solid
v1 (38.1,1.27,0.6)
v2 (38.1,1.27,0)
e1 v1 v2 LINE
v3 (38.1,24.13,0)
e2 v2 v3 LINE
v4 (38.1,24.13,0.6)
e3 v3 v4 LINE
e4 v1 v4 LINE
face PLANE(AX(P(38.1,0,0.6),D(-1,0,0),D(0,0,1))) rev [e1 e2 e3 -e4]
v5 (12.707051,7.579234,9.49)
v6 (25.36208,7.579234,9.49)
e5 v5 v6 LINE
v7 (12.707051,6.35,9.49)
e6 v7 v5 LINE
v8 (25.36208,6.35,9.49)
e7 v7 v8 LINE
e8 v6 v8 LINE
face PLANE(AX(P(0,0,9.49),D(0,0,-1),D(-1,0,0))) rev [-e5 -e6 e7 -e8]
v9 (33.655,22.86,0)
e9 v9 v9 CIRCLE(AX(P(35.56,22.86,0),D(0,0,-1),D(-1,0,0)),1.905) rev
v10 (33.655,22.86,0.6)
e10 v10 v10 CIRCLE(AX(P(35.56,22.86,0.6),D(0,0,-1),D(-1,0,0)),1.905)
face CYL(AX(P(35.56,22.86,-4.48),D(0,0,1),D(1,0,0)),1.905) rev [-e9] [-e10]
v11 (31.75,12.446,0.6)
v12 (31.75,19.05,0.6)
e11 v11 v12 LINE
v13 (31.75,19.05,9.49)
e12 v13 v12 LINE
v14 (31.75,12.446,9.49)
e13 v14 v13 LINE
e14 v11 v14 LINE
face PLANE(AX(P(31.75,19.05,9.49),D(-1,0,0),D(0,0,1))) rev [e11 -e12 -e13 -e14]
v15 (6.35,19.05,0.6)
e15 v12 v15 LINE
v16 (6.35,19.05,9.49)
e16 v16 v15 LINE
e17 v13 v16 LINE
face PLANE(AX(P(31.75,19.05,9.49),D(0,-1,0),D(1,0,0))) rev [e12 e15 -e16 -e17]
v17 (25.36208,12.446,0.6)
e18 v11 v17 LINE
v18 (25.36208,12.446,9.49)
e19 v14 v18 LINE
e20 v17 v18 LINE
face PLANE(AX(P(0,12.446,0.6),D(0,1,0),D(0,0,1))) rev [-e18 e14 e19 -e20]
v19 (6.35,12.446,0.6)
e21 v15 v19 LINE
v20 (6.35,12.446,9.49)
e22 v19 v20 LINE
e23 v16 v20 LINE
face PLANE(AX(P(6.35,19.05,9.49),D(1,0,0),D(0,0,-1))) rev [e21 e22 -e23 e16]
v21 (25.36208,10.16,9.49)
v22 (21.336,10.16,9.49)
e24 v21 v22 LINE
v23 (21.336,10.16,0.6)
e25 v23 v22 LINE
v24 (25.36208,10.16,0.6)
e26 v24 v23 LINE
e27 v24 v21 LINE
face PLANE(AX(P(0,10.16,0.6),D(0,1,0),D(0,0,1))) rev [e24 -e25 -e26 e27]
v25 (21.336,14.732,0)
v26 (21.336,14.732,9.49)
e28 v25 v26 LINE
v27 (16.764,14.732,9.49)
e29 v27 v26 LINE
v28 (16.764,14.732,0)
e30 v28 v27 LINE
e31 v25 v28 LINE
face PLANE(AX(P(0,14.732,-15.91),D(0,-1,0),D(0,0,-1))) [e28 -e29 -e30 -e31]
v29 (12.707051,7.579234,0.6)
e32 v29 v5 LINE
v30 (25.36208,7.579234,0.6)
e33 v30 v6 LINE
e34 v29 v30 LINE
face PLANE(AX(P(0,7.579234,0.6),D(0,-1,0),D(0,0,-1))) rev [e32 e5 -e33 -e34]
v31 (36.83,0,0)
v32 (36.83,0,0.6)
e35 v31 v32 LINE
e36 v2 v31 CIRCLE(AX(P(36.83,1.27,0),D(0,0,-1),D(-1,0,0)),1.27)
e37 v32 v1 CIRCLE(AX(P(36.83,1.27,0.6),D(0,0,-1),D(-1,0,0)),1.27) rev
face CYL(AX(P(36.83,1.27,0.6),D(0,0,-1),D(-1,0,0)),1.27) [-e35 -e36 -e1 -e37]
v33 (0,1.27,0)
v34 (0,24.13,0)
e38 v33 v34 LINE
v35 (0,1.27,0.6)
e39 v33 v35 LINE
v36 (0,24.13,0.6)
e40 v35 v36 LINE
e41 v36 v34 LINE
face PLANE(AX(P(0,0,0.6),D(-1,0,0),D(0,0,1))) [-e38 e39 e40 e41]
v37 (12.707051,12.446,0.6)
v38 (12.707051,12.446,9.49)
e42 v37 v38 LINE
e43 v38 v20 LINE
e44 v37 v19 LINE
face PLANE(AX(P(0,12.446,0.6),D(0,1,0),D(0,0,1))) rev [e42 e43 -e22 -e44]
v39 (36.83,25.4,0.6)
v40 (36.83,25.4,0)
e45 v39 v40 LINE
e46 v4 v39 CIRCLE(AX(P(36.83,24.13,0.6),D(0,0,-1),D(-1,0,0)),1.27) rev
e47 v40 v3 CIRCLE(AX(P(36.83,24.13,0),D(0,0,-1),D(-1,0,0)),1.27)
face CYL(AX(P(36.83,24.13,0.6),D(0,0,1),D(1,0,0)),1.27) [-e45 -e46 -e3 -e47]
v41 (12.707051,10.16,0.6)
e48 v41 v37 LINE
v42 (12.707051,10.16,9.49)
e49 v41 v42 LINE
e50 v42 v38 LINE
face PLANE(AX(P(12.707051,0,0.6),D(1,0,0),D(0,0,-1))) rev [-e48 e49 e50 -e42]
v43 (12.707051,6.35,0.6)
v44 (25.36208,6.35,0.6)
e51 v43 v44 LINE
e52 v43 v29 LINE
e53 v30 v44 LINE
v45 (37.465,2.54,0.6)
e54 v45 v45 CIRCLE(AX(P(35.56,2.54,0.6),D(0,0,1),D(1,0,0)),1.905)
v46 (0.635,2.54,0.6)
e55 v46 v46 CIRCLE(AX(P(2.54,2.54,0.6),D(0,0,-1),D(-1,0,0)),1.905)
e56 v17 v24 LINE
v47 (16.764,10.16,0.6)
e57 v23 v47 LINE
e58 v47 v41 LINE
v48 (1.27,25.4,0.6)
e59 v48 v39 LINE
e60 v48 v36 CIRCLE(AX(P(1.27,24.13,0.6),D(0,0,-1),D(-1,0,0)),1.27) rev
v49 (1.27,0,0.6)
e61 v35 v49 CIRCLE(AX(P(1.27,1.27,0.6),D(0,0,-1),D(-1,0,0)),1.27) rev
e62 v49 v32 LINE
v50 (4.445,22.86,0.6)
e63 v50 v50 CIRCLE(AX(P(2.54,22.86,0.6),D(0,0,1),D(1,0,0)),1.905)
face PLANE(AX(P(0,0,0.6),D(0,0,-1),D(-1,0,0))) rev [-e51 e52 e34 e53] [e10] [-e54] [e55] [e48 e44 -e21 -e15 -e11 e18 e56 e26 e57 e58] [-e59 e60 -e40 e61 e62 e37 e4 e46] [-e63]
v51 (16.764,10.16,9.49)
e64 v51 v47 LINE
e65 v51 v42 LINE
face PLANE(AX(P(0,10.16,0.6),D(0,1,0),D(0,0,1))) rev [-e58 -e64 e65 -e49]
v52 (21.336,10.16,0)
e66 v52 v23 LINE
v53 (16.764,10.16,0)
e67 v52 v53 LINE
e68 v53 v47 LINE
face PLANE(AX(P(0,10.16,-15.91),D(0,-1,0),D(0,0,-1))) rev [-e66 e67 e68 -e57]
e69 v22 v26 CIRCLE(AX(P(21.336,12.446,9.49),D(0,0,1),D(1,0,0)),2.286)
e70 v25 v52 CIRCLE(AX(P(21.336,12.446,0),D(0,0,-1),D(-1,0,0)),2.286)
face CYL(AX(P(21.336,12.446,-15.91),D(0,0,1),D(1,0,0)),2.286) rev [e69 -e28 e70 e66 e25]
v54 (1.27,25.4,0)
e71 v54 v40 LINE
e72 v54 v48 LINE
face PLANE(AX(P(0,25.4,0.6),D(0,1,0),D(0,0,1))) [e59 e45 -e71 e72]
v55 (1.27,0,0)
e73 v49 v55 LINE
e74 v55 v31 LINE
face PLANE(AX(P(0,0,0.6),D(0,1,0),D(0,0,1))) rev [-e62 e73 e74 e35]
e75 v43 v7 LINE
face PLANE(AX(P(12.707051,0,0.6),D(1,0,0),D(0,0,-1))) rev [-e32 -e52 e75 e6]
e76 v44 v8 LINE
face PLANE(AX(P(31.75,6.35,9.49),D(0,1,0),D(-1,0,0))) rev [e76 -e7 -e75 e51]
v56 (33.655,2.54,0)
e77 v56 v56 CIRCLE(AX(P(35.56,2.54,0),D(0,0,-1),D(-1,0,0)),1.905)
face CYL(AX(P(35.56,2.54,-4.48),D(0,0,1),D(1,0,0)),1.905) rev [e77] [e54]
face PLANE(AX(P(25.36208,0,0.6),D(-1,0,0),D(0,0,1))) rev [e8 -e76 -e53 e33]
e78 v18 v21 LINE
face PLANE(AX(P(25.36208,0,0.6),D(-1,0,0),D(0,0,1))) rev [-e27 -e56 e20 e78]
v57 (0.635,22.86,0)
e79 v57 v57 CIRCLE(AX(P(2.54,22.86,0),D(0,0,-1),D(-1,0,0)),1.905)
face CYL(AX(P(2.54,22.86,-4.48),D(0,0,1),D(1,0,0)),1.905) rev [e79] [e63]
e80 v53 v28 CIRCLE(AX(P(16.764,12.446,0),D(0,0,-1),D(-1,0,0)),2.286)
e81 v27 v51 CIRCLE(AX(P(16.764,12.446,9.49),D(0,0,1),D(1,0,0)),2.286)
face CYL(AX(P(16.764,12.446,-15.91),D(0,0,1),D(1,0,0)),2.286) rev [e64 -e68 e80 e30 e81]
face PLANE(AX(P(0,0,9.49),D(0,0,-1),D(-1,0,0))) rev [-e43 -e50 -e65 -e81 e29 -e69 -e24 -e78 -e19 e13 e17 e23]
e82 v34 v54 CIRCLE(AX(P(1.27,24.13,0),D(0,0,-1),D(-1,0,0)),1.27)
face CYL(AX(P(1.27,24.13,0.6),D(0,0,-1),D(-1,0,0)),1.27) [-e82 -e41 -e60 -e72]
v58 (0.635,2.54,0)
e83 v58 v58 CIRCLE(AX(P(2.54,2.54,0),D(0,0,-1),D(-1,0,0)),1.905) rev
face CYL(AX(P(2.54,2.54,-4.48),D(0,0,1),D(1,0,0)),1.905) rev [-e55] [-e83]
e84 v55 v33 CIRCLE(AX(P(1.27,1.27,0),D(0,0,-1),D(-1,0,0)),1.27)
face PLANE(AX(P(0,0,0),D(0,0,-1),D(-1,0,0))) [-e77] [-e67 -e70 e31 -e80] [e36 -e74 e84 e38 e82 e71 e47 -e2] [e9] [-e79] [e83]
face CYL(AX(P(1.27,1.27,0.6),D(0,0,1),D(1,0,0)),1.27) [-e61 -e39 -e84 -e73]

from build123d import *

# Parameters (mm, degrees)
SKETCH1_W           = 38.1
SKETCH1_H           = 25.4
BOSS_EXTRUDE1_DEPTH = 0.6
SKETCH2_W           = 25.4
SKETCH2_H           = 12.7
BOSS_EXTRUDE2_DEPTH = 8.89
CUT_EXTRUDE1_DEPTH  = 25.4
CUT_EXTRUDE2_DEPTH  = 8.89
SKETCH5_R           = 1.905
CUT_EXTRUDE4_DEPTH  = 5.08
FILLET4_R           = 1.27


with BuildPart() as part:
    # Sketch1 → Boss-Extrude1 (new body)
    with BuildSketch(Plane.XY):
        with Locations((19.05, 12.7)):
            Rectangle(SKETCH1_W, SKETCH1_H)
    extrude(amount=BOSS_EXTRUDE1_DEPTH)

    # Sketch2 → Boss-Extrude2 (add)
    with BuildSketch(Plane.XY.offset(0.6)):
        with Locations((19.05, 12.7)):
            Rectangle(SKETCH2_W, SKETCH2_H)
    extrude(amount=BOSS_EXTRUDE2_DEPTH)

    # Sketch3 → Cut-Extrude1 (cut)
    with BuildSketch(Plane.XY.offset(9.49)):
        with BuildLine():
            Line((21.336, 14.732), (16.764, 14.732))
            ThreePointArc((16.764, 14.732), (14.478, 12.446), (16.764, 10.16))
            Line((16.764, 10.16), (21.336, 10.16))
            ThreePointArc((21.336, 10.16), (23.622, 12.446), (21.336, 14.732))
        make_face()
    extrude(amount=-CUT_EXTRUDE1_DEPTH, mode=Mode.SUBTRACT)

    # Sketch3<3> → Cut-Extrude2 (cut)
    with BuildSketch(Plane.XY.offset(9.49)):
        Polygon((21.336, 10.16), (16.764, 10.16), (12.707051154, 10.16), (12.707051154, 12.446), (6.35, 12.446), (6.35, 6.35), (12.707051154, 6.35), (12.707051154, 7.579234478), (25.362079922, 7.579234478), (25.362079922, 6.35), (31.75, 6.35), (31.75, 12.446), (25.362079922, 12.446), (25.362079922, 10.16), align=None)
    extrude(amount=-CUT_EXTRUDE2_DEPTH, mode=Mode.SUBTRACT)

    # Sketch5 → Cut-Extrude4 (cut)
    with BuildSketch(Plane.XY.offset(0.6)):
        with Locations((2.54, 22.86)):
            Circle(SKETCH5_R)
        with Locations(Location((35.56, 22.86, 0), (0, 0, 180))):
            Circle(SKETCH5_R)
        with Locations(Location((2.54, 2.54, 0), (0, 0, 180))):
            Circle(SKETCH5_R)
        with Locations((35.56, 2.54)):
            Circle(SKETCH5_R)
    extrude(amount=-CUT_EXTRUDE4_DEPTH, mode=Mode.SUBTRACT)

    # Fillet4
    fillet4_edges = [part.edges().sort_by_distance(p)[0] for p in [
        (0, 0, 0.3),
        (38.1, 0, 0.3),
        (38.1, 25.4, 0.3),
        (0, 25.4, 0.3),
    ]]
    fillet(fillet4_edges, radius=FILLET4_R)


solid = part.part
